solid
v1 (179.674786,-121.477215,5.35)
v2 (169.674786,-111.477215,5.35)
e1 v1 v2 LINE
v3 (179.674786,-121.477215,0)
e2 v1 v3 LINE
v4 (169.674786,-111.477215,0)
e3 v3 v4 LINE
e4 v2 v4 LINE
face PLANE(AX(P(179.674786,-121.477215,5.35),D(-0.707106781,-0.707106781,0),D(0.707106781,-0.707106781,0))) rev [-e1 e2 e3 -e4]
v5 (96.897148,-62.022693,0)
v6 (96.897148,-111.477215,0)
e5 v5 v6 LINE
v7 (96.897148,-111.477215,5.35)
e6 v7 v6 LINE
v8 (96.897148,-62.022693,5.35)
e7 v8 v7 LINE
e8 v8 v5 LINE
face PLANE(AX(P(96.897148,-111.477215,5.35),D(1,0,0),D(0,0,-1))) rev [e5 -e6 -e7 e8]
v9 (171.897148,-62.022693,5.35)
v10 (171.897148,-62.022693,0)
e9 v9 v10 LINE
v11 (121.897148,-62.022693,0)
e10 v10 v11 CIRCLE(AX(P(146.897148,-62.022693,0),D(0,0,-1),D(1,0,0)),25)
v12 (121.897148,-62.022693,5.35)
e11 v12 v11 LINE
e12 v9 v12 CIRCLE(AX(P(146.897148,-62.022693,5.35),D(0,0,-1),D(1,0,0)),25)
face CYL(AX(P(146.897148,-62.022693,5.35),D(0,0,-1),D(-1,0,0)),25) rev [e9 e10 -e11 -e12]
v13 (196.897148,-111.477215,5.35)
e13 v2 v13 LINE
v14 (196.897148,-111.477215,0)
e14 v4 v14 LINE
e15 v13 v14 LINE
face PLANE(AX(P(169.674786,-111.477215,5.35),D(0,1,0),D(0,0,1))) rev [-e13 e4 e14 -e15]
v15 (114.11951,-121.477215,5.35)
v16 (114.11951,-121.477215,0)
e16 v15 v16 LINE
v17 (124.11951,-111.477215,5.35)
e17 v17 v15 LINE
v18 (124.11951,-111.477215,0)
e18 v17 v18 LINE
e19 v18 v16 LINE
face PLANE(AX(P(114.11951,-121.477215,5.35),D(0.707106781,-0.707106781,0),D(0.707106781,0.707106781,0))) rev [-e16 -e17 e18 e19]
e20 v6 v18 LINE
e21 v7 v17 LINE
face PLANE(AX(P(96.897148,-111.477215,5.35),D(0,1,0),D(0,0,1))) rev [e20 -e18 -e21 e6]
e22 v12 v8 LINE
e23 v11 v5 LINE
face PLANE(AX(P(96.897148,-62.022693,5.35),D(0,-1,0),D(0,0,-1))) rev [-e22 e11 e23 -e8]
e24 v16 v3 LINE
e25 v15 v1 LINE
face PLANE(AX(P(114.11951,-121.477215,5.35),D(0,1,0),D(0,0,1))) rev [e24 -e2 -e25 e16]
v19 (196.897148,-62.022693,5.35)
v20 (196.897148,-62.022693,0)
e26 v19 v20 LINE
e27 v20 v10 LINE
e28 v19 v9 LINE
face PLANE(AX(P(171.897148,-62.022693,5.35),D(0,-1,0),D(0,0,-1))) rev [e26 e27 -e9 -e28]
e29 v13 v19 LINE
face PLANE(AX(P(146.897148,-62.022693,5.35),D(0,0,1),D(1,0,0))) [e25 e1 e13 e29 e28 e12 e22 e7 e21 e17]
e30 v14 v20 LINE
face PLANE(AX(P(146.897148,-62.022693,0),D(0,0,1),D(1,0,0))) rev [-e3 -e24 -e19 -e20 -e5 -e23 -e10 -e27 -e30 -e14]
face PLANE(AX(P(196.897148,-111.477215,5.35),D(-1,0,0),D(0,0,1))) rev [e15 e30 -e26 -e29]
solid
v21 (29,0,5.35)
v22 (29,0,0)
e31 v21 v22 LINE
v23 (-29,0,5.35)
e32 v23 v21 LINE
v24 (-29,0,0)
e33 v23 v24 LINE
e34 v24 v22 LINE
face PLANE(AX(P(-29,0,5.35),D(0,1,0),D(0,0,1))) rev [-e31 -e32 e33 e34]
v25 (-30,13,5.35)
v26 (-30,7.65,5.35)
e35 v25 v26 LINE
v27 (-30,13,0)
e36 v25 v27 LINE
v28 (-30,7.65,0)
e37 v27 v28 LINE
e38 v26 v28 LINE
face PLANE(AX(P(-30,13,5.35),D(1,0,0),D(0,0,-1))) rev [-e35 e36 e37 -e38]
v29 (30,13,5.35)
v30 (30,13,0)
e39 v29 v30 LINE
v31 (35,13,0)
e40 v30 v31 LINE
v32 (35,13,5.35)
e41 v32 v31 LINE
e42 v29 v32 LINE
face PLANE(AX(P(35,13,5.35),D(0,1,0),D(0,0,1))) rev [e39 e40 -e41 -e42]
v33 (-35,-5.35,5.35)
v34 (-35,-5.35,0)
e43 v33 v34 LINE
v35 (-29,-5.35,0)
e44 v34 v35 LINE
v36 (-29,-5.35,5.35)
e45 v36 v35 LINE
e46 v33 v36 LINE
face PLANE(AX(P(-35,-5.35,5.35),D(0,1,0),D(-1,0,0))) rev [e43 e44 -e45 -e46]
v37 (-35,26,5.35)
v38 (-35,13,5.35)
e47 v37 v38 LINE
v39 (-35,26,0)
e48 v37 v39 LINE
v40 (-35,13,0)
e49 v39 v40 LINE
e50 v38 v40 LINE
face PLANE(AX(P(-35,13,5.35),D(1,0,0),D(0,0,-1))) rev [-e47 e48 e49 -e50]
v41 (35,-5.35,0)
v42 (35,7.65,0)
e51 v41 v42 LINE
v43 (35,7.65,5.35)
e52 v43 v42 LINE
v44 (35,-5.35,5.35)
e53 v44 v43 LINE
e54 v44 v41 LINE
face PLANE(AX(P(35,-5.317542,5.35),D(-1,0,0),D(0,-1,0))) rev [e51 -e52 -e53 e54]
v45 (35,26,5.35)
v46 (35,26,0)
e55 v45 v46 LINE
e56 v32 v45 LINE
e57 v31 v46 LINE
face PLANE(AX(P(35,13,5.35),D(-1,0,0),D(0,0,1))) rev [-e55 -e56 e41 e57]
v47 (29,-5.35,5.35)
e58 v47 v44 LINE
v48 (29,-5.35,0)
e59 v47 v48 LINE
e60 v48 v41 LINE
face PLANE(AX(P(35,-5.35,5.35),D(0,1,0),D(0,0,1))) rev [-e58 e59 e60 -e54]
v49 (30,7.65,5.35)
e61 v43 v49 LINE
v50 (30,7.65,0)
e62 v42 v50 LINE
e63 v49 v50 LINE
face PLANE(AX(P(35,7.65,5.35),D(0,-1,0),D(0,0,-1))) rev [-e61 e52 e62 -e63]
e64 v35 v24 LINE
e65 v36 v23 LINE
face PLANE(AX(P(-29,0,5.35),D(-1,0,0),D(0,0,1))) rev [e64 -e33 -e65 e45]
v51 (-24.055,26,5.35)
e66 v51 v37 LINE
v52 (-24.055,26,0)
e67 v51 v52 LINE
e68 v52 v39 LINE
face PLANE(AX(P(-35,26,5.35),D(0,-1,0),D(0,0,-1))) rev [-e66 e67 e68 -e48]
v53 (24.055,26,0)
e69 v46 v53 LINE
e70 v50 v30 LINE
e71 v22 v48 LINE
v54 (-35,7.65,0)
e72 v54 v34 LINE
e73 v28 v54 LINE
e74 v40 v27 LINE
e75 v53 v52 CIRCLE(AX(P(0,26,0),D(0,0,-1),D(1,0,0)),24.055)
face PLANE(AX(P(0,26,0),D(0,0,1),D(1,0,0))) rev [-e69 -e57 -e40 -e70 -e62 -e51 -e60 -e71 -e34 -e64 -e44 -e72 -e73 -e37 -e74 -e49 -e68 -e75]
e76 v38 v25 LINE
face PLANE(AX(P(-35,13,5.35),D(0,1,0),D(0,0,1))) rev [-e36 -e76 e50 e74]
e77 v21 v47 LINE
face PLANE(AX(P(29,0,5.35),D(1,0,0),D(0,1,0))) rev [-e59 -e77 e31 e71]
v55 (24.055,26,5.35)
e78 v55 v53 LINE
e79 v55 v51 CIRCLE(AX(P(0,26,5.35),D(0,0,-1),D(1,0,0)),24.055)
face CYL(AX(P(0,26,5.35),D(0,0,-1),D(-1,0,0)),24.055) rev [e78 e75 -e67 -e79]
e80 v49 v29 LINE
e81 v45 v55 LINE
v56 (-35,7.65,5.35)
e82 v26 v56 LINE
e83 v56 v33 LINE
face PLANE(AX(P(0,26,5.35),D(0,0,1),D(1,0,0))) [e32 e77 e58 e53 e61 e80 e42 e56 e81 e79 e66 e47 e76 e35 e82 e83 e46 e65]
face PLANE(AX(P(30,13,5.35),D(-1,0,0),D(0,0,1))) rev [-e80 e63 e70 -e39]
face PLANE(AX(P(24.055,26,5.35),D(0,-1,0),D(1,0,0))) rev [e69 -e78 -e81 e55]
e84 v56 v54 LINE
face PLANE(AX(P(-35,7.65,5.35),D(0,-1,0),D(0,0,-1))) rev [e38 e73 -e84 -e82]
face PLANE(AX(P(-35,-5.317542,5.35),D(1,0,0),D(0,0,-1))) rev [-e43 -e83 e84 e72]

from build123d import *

# Parameters (mm, degrees)
BOSS_EXTRUDE1_DEPTH   = 5.35
BOSS_EXTRUDE1_2_DEPTH = 5.35


with BuildPart() as part:
    # Model → Boss-Extrude1 (new body)
    with BuildSketch(Plane.XY):
        with BuildLine():
            Line((-35, 13), (-35, 26))
            Line((-35, 26), (-24.055, 26))
            ThreePointArc((-24.055, 26), (0, 1.945), (24.055, 26))
            Line((24.055, 26), (35, 26))
            Line((35, 26), (35, 13))
            Line((35, 13), (30, 13))
            Line((30, 13), (30, 7.65))
            Line((30, 7.65), (35, 7.65))
            Line((35, 7.65), (35, -5.317542305))
            Line((35, -5.317542305), (35, -5.35))
            Line((35, -5.35), (29, -5.35))
            Line((29, -5.35), (29, 0))
            Line((29, 0), (-29, 0))
            Line((-29, 0), (-29, -5.35))
            Line((-29, -5.35), (-35, -5.35))
            Line((-35, -5.35), (-35, -5.317542305))
            Line((-35, -5.317542305), (-35, 7.65))
            Line((-35, 7.65), (-30, 7.65))
            Line((-30, 7.65), (-30, 13))
            Line((-30, 13), (-35, 13))
        make_face()
    extrude(amount=BOSS_EXTRUDE1_DEPTH)


with BuildPart() as body_2:
    # Model → Boss-Extrude1 2 (new body)
    with BuildSketch(Plane.XY):
        with BuildLine():
            Line((96.897147823, -111.477215278), (124.119509819, -111.477215278))
            Line((124.119509819, -111.477215278), (114.119509819, -121.477215278))
            Line((114.119509819, -121.477215278), (179.674785827, -121.477215278))
            Line((179.674785827, -121.477215278), (169.674785827, -111.477215278))
            Line((169.674785827, -111.477215278), (196.897147823, -111.477215278))
            Line((196.897147823, -111.477215278), (196.897147823, -62.02269271))
            Line((196.897147823, -62.02269271), (171.897147823, -62.02269271))
            ThreePointArc((171.897147823, -62.02269271), (146.897147823, -87.02269271), (121.897147823, -62.02269271))
            Line((121.897147823, -62.02269271), (96.897147823, -62.02269271))
            Line((96.897147823, -62.02269271), (96.897147823, -111.477215278))
        make_face()
    extrude(amount=BOSS_EXTRUDE1_2_DEPTH)


solid = Compound([part.part, body_2.part])
